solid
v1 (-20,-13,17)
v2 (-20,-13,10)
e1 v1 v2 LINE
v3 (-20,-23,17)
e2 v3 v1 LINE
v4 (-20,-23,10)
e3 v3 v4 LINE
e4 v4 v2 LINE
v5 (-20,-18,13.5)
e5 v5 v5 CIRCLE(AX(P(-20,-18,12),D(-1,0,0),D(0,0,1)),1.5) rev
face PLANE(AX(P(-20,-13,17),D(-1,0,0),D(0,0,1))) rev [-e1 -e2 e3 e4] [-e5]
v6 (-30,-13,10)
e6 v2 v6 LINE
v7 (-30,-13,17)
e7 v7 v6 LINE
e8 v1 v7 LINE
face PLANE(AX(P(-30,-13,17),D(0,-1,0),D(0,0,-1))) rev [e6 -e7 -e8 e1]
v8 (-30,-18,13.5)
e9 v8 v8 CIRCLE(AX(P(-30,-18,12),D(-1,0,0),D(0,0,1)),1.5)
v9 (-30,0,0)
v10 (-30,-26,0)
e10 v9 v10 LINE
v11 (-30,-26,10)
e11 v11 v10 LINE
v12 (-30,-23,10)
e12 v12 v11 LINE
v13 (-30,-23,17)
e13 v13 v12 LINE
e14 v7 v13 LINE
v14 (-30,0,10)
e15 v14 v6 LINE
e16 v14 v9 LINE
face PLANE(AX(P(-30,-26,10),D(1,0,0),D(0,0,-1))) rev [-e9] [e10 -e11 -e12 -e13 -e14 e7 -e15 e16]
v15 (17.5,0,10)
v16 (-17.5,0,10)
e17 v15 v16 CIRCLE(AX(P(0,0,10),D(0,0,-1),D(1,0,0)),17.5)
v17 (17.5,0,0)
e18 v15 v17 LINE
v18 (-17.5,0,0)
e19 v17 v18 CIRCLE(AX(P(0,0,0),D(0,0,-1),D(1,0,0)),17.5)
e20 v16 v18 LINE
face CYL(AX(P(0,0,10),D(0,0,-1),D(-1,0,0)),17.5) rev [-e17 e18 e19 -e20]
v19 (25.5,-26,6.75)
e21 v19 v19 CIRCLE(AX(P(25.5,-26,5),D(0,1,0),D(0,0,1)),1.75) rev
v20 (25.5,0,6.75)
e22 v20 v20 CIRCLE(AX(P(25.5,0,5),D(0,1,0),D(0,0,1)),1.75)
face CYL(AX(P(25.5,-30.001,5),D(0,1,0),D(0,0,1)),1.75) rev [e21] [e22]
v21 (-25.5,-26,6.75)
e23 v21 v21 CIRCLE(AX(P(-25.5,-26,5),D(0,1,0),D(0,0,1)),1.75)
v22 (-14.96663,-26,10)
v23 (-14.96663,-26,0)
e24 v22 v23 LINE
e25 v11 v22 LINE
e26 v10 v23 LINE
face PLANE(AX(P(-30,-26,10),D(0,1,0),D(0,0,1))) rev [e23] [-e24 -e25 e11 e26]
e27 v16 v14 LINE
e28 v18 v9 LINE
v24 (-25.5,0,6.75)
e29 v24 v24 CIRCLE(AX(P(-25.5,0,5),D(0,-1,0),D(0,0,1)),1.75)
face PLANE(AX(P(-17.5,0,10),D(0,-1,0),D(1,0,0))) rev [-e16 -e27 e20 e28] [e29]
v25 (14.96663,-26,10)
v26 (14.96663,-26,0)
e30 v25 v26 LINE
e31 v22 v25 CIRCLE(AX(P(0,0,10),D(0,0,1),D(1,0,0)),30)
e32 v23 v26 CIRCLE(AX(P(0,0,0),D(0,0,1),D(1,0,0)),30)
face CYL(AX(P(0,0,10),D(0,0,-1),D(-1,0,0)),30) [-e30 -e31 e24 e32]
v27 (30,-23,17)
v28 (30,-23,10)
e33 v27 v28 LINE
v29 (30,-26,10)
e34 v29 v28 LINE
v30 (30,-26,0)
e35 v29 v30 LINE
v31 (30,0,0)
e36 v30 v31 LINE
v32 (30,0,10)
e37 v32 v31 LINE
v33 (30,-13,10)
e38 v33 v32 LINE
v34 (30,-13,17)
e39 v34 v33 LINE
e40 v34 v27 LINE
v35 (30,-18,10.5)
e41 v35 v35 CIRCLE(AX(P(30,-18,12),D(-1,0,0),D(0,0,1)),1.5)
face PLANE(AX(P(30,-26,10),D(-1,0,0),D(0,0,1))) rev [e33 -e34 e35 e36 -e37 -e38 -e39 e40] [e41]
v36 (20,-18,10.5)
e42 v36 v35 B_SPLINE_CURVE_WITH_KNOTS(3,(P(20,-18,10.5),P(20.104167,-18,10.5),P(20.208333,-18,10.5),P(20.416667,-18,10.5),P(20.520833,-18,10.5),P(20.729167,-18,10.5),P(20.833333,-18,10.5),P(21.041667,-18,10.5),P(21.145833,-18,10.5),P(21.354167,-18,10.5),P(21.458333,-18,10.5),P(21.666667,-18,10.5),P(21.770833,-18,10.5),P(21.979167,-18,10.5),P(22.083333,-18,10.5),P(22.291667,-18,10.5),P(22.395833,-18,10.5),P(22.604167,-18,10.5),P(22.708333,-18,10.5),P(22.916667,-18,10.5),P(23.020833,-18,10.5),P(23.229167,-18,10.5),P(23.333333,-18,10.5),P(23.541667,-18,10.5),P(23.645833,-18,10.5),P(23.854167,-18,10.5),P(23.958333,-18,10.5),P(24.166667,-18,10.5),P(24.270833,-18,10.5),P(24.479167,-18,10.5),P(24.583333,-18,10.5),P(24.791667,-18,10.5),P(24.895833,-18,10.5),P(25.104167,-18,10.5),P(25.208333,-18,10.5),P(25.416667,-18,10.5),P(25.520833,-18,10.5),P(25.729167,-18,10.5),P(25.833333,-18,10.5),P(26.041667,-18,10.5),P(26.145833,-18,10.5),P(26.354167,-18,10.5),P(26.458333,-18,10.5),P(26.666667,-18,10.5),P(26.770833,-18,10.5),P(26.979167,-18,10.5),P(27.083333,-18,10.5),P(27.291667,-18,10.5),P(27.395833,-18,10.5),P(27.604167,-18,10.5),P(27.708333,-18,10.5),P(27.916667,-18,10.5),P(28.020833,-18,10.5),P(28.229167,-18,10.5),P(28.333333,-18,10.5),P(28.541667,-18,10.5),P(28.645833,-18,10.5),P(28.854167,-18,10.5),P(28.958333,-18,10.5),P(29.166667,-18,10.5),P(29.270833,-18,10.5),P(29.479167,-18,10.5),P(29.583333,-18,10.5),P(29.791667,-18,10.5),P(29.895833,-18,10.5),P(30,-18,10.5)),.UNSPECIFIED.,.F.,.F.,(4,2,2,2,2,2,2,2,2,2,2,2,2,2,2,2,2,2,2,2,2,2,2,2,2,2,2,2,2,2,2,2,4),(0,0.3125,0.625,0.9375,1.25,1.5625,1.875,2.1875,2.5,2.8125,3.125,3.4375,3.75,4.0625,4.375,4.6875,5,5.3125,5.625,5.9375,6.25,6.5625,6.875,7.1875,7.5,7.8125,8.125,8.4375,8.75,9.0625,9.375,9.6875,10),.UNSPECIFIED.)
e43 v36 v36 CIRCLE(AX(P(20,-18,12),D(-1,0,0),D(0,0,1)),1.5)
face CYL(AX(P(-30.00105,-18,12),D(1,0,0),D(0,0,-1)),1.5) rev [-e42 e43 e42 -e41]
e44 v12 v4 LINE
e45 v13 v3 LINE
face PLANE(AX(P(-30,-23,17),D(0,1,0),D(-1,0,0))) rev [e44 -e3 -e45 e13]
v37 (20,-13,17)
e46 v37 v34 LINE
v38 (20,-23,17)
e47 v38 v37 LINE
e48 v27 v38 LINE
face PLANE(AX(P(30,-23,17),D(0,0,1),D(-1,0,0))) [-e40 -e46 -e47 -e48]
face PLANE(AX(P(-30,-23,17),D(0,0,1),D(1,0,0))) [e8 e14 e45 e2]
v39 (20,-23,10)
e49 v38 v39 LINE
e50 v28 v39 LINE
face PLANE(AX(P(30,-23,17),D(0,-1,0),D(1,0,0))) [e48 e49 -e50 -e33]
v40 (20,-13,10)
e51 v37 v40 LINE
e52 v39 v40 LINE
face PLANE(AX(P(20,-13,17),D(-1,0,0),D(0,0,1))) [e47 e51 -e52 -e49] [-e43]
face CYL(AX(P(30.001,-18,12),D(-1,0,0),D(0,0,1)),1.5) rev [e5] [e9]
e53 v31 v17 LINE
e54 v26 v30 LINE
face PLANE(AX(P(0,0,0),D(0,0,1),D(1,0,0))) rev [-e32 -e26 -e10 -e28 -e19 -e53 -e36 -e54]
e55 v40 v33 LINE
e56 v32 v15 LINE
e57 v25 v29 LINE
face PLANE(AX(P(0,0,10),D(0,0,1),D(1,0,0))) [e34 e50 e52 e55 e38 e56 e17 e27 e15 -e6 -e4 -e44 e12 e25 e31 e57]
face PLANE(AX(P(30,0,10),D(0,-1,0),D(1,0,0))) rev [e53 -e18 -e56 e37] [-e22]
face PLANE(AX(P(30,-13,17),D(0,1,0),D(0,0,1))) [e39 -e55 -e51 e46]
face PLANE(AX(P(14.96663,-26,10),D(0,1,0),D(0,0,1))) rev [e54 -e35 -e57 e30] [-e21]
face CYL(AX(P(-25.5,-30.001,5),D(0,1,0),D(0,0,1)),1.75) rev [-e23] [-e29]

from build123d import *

# Parameters (mm, degrees)
Y_KSEKLIK_EKSTR_ZYON1_DEPTH = 10
KES_EKSTR_ZYON3_REACH       = 45.589
IZIM7_R                     = 1.75
SKETCH1_W                   = 10
SKETCH1_H                   = 10
BOSS_EXTRUDE1_DEPTH         = 7
CUT_EXTRUDE1_REACH          = 71.203
SKETCH2_R                   = 1.5


with BuildPart() as part:
    # Çizim2 → Yükseklik-Ekstrüzyon1 (new body)
    with BuildSketch(Plane.XY):
        with BuildLine():
            Line((14.966629547, -26), (30, -26))
            Line((30, -26), (30, 0))
            Line((30, 0), (17.5, 0))
            ThreePointArc((17.5, 0), (0, -17.5), (-17.5, 0))
            Line((-17.5, 0), (-30, 0))
            Line((-30, 0), (-30, -26))
            Line((-30, -26), (-14.966629547, -26))
            ThreePointArc((-14.966629547, -26), (0, -30), (14.966629547, -26))
        make_face()
    extrude(amount=Y_KSEKLIK_EKSTR_ZYON1_DEPTH)

    # Çizim7 → Kes-Ekstrüzyon3 (cut, up to next)
    with BuildSketch(Plane(origin=(0, 0, 0), x_dir=(1, 0, 0), z_dir=(0, 1, 0)), mode=Mode.PRIVATE) as kes_ekstr_zyon3_sk1:
        with Locations(Location((25.5, -5, 0), (0, 0, 270))):
            Circle(IZIM7_R)
    kes_ekstr_zyon3_tool1 = extrude(kes_ekstr_zyon3_sk1.sketch, amount=-KES_EKSTR_ZYON3_REACH, mode=Mode.PRIVATE) & part.part
    kes_ekstr_zyon3 = kes_ekstr_zyon3_tool1.solids().sort_by_distance((25.5, 0, 5))[0]
    add(kes_ekstr_zyon3, mode=Mode.SUBTRACT)

    # Aynalama1: Kes-Ekstrüzyon3 across plane
    add(kes_ekstr_zyon3.mirror(Plane.ZY), mode=Mode.SUBTRACT)

    # Sketch1 → Boss-Extrude1 (add)
    with BuildSketch(Plane.XY.offset(10)):
        with Locations((-25, -18)):
            Rectangle(SKETCH1_W, SKETCH1_H)
    boss_extrude1 = extrude(amount=BOSS_EXTRUDE1_DEPTH)

    # Sketch2 → Cut-Extrude1 (cut, up to next)
    with BuildSketch(Plane.ZY.offset(30), mode=Mode.PRIVATE) as cut_extrude1_sk1:
        with Locations((12, -18)):
            Circle(SKETCH2_R)
    cut_extrude1_tool1 = extrude(cut_extrude1_sk1.sketch, amount=-CUT_EXTRUDE1_REACH, mode=Mode.PRIVATE) & part.part
    cut_extrude1 = cut_extrude1_tool1.solids().sort_by_distance((-30, -18, 12))[0]
    add(cut_extrude1, mode=Mode.SUBTRACT)

    # Mirror1: Boss-Extrude1, Cut-Extrude1 across plane
    add(boss_extrude1.mirror(Plane(origin=(0, 0, 0), x_dir=(0, 0, 1), z_dir=(1, 0, 0))))
    add(cut_extrude1.mirror(Plane(origin=(0, 0, 0), x_dir=(0, 0, 1), z_dir=(1, 0, 0))), mode=Mode.SUBTRACT)


solid = part.part
